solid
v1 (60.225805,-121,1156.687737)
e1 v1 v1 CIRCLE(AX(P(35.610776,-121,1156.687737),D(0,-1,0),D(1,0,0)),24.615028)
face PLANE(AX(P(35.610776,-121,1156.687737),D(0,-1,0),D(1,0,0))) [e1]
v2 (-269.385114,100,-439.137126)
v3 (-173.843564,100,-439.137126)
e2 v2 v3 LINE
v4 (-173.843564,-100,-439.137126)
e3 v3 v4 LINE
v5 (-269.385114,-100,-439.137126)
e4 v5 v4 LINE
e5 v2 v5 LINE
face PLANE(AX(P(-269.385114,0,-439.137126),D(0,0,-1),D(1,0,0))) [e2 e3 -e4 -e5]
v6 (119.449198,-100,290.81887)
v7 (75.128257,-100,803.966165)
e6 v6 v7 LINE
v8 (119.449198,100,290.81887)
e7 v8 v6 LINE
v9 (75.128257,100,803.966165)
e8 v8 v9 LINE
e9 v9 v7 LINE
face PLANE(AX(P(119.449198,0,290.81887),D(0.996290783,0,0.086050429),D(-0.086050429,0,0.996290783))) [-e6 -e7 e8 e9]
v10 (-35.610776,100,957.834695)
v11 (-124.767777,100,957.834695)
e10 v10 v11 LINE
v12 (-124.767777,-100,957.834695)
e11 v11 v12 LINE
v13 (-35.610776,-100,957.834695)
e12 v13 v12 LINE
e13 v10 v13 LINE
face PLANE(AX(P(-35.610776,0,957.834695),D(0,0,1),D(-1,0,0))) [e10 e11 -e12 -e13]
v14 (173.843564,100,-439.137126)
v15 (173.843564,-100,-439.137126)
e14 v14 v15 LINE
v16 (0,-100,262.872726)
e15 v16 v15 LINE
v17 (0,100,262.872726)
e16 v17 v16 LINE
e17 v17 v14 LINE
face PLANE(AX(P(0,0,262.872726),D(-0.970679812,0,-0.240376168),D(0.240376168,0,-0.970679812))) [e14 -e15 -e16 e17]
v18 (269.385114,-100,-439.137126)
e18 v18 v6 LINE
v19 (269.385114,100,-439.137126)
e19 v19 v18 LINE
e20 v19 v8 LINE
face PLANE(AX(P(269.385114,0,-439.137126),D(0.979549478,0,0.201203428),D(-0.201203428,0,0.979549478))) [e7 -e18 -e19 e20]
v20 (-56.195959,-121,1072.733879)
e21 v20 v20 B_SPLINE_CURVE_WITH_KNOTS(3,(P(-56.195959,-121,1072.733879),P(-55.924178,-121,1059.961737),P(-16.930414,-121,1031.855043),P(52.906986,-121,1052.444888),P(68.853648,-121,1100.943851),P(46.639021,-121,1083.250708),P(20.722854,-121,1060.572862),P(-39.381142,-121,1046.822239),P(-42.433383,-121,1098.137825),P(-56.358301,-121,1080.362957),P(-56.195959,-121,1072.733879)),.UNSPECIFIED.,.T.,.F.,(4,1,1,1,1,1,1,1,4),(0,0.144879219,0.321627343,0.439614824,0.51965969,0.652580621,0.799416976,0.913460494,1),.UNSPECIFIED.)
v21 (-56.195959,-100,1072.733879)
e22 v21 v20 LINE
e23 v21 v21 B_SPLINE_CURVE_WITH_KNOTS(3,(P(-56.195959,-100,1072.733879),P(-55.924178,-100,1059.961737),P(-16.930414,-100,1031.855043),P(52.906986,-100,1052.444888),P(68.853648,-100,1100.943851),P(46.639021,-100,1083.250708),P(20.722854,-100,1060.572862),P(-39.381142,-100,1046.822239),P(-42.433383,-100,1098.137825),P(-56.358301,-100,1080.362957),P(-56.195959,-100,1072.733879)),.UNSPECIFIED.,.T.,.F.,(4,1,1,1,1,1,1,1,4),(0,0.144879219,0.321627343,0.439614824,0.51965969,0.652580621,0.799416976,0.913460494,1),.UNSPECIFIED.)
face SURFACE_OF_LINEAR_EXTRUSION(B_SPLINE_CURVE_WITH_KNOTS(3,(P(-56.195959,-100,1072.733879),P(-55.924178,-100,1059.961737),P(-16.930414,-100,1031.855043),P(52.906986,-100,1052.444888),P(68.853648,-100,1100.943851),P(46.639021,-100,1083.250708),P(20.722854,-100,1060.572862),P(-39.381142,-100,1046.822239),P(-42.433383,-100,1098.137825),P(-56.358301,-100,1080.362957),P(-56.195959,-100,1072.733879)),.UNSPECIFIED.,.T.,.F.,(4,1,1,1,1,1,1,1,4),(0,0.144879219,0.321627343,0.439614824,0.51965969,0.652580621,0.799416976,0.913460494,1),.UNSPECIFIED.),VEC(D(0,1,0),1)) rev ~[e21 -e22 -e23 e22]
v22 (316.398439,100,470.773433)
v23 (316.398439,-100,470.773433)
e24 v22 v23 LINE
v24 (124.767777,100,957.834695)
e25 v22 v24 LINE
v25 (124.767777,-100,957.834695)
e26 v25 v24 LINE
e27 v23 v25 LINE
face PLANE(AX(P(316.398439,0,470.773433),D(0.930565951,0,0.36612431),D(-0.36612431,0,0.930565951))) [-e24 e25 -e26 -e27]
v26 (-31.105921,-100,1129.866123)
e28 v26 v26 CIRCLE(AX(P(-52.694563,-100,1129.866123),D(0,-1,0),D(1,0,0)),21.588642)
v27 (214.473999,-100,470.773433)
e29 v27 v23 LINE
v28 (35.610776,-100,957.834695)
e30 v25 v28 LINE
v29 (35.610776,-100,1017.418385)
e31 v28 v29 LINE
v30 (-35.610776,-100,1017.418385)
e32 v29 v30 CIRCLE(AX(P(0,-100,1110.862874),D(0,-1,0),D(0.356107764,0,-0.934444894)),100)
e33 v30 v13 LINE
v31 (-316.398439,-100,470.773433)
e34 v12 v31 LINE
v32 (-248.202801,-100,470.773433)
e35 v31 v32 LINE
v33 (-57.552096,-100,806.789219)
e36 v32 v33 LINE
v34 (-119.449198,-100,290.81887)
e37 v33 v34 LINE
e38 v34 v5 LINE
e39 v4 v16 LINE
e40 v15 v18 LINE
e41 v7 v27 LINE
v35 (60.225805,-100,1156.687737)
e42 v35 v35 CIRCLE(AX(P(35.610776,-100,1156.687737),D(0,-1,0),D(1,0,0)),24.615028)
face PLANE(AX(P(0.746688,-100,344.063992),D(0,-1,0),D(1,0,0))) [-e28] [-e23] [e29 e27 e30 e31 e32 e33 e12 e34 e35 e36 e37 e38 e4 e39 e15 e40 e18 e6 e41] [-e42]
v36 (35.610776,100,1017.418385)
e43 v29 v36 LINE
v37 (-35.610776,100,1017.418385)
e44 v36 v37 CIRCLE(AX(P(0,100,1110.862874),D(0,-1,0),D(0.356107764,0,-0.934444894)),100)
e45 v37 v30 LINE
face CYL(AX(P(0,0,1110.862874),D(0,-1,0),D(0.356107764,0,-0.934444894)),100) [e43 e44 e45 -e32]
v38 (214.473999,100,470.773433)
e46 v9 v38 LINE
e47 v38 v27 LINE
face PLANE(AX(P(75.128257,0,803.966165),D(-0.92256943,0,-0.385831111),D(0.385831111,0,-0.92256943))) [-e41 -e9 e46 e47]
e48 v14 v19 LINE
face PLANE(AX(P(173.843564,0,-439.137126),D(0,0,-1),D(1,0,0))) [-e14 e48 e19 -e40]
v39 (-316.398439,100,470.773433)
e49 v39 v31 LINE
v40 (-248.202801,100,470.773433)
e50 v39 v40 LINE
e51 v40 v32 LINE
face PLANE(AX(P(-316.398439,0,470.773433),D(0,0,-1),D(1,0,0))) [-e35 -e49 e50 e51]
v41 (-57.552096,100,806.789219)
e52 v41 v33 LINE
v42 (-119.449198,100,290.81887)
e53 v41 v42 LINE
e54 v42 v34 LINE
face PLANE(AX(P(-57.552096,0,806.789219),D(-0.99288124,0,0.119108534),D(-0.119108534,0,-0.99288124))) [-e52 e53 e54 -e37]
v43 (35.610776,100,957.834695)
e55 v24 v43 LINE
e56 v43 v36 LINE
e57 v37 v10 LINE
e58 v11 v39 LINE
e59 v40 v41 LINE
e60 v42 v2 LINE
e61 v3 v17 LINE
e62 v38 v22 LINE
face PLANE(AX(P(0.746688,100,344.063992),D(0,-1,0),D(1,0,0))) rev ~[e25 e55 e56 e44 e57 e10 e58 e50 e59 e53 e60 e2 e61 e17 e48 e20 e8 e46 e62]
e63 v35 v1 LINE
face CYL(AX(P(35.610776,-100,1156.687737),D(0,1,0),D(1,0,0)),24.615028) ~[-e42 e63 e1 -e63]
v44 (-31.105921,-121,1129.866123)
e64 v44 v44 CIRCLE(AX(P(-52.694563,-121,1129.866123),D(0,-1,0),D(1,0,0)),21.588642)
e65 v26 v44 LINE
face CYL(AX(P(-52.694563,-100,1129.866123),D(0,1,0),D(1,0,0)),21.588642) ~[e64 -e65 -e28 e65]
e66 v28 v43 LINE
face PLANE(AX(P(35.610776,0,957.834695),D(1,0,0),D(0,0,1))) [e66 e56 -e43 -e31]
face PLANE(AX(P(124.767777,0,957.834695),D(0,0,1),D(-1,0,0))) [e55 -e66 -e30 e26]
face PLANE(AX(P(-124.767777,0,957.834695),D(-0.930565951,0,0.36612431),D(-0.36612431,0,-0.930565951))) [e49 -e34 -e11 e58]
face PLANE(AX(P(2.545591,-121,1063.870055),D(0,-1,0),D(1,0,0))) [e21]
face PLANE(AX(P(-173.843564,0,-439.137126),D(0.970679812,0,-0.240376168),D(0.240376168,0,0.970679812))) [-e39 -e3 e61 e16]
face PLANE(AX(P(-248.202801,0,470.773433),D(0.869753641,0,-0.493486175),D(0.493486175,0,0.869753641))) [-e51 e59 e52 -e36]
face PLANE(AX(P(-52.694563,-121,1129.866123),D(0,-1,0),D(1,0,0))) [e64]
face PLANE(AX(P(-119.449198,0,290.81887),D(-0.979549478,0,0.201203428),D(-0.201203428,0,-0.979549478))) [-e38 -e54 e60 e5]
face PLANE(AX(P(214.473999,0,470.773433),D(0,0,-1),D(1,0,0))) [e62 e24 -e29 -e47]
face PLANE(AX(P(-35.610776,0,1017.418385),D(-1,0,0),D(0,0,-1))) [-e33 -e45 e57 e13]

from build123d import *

# Parameters (mm, degrees)
F1_DEPTH = 100
F2_R     = 21.5886417048
F2_R_2   = 24.6150282736
F3_DEPTH = 21


with BuildPart() as f1:
    # F0 (on Front) → F1 (new body, symmetric)
    with BuildSketch(Plane.XZ):
        with BuildLine():
            ThreePointArc((35.6107763946, 1017.418384552), (98.3474680479, 1128.9674460156), (0, 1210.8628739806))
            ThreePointArc((0, 1210.8628739806), (-98.3474680479, 1128.9674460156), (-35.6107763946, 1017.418384552))
            Line((-35.6107763946, 1017.418384552), (-35.6107763946, 957.8346954225))
            Line((-35.6107763946, 957.8346954225), (-124.767777348, 957.8346954225))
            Line((-124.767777348, 957.8346954225), (-316.3984388356, 470.7734332918))
            Line((-316.3984388356, 470.7734332918), (-248.2028006078, 470.7734332918))
            Line((-248.2028006078, 470.7734332918), (-57.5520955026, 806.7892193794))
            Line((-57.5520955026, 806.7892193794), (-119.449198246, 290.8188700676))
            Line((-119.449198246, 290.8188700676), (-269.3851142813, -439.1371260194))
            Line((-269.3851142813, -439.1371260194), (-173.8435637442, -439.1371260194))
            Line((-173.8435637442, -439.1371260194), (0, 262.8727257252))
            Line((0, 262.8727257252), (173.8435637442, -439.1371260194))
            Line((173.8435637442, -439.1371260194), (269.3851142813, -439.1371260194))
            Line((269.3851142813, -439.1371260194), (119.449198246, 290.8188700676))
            Line((119.449198246, 290.8188700676), (75.1282572746, 803.9661645889))
            Line((75.1282572746, 803.9661645889), (214.4739990169, 470.7734332918))
            Line((214.4739990169, 470.7734332918), (316.3984388356, 470.7734332918))
            Line((316.3984388356, 470.7734332918), (124.767777348, 957.8346954225))
            Line((124.767777348, 957.8346954225), (35.6107763946, 957.8346954225))
            Line((35.6107763946, 957.8346954225), (35.6107763946, 1017.418384552))
        make_face()
    extrude(amount=F1_DEPTH, both=True)

    # F2 (on face) → F3 (join)
    with BuildSketch(Plane.XZ.offset(100)):
        with Locations((-52.6945628226, 1129.8661231995)):
            Circle(F2_R)
        with Locations((35.6107763946, 1156.6877365112)):
            Circle(F2_R_2)
        with BuildLine():
            add(Edge.make_bspline(
                [(-56.1959594488, 1072.7338790894), (-55.924177507, 1059.9617369508), (-16.9304138442, 1031.8550429672), (52.9069858404, 1052.444888033), (68.8536482627, 1100.9438511252), (46.6390210232, 1083.2507084319), (20.7228541214, 1060.5728618004), (-39.3811416258, 1046.8222391451), (-42.433383012, 1098.137824899), (-56.3583007079, 1080.3629571017), (-56.1959594488, 1072.7338790894)],
                knots=[0, 0, 0, 0, 0.1448792193, 0.3216273429, 0.4396148241, 0.51965969, 0.6525806211, 0.7994169759, 0.9134604944, 1, 1, 1, 1], degree=3))
        make_face()
    extrude(amount=F3_DEPTH)


solid = f1.part
